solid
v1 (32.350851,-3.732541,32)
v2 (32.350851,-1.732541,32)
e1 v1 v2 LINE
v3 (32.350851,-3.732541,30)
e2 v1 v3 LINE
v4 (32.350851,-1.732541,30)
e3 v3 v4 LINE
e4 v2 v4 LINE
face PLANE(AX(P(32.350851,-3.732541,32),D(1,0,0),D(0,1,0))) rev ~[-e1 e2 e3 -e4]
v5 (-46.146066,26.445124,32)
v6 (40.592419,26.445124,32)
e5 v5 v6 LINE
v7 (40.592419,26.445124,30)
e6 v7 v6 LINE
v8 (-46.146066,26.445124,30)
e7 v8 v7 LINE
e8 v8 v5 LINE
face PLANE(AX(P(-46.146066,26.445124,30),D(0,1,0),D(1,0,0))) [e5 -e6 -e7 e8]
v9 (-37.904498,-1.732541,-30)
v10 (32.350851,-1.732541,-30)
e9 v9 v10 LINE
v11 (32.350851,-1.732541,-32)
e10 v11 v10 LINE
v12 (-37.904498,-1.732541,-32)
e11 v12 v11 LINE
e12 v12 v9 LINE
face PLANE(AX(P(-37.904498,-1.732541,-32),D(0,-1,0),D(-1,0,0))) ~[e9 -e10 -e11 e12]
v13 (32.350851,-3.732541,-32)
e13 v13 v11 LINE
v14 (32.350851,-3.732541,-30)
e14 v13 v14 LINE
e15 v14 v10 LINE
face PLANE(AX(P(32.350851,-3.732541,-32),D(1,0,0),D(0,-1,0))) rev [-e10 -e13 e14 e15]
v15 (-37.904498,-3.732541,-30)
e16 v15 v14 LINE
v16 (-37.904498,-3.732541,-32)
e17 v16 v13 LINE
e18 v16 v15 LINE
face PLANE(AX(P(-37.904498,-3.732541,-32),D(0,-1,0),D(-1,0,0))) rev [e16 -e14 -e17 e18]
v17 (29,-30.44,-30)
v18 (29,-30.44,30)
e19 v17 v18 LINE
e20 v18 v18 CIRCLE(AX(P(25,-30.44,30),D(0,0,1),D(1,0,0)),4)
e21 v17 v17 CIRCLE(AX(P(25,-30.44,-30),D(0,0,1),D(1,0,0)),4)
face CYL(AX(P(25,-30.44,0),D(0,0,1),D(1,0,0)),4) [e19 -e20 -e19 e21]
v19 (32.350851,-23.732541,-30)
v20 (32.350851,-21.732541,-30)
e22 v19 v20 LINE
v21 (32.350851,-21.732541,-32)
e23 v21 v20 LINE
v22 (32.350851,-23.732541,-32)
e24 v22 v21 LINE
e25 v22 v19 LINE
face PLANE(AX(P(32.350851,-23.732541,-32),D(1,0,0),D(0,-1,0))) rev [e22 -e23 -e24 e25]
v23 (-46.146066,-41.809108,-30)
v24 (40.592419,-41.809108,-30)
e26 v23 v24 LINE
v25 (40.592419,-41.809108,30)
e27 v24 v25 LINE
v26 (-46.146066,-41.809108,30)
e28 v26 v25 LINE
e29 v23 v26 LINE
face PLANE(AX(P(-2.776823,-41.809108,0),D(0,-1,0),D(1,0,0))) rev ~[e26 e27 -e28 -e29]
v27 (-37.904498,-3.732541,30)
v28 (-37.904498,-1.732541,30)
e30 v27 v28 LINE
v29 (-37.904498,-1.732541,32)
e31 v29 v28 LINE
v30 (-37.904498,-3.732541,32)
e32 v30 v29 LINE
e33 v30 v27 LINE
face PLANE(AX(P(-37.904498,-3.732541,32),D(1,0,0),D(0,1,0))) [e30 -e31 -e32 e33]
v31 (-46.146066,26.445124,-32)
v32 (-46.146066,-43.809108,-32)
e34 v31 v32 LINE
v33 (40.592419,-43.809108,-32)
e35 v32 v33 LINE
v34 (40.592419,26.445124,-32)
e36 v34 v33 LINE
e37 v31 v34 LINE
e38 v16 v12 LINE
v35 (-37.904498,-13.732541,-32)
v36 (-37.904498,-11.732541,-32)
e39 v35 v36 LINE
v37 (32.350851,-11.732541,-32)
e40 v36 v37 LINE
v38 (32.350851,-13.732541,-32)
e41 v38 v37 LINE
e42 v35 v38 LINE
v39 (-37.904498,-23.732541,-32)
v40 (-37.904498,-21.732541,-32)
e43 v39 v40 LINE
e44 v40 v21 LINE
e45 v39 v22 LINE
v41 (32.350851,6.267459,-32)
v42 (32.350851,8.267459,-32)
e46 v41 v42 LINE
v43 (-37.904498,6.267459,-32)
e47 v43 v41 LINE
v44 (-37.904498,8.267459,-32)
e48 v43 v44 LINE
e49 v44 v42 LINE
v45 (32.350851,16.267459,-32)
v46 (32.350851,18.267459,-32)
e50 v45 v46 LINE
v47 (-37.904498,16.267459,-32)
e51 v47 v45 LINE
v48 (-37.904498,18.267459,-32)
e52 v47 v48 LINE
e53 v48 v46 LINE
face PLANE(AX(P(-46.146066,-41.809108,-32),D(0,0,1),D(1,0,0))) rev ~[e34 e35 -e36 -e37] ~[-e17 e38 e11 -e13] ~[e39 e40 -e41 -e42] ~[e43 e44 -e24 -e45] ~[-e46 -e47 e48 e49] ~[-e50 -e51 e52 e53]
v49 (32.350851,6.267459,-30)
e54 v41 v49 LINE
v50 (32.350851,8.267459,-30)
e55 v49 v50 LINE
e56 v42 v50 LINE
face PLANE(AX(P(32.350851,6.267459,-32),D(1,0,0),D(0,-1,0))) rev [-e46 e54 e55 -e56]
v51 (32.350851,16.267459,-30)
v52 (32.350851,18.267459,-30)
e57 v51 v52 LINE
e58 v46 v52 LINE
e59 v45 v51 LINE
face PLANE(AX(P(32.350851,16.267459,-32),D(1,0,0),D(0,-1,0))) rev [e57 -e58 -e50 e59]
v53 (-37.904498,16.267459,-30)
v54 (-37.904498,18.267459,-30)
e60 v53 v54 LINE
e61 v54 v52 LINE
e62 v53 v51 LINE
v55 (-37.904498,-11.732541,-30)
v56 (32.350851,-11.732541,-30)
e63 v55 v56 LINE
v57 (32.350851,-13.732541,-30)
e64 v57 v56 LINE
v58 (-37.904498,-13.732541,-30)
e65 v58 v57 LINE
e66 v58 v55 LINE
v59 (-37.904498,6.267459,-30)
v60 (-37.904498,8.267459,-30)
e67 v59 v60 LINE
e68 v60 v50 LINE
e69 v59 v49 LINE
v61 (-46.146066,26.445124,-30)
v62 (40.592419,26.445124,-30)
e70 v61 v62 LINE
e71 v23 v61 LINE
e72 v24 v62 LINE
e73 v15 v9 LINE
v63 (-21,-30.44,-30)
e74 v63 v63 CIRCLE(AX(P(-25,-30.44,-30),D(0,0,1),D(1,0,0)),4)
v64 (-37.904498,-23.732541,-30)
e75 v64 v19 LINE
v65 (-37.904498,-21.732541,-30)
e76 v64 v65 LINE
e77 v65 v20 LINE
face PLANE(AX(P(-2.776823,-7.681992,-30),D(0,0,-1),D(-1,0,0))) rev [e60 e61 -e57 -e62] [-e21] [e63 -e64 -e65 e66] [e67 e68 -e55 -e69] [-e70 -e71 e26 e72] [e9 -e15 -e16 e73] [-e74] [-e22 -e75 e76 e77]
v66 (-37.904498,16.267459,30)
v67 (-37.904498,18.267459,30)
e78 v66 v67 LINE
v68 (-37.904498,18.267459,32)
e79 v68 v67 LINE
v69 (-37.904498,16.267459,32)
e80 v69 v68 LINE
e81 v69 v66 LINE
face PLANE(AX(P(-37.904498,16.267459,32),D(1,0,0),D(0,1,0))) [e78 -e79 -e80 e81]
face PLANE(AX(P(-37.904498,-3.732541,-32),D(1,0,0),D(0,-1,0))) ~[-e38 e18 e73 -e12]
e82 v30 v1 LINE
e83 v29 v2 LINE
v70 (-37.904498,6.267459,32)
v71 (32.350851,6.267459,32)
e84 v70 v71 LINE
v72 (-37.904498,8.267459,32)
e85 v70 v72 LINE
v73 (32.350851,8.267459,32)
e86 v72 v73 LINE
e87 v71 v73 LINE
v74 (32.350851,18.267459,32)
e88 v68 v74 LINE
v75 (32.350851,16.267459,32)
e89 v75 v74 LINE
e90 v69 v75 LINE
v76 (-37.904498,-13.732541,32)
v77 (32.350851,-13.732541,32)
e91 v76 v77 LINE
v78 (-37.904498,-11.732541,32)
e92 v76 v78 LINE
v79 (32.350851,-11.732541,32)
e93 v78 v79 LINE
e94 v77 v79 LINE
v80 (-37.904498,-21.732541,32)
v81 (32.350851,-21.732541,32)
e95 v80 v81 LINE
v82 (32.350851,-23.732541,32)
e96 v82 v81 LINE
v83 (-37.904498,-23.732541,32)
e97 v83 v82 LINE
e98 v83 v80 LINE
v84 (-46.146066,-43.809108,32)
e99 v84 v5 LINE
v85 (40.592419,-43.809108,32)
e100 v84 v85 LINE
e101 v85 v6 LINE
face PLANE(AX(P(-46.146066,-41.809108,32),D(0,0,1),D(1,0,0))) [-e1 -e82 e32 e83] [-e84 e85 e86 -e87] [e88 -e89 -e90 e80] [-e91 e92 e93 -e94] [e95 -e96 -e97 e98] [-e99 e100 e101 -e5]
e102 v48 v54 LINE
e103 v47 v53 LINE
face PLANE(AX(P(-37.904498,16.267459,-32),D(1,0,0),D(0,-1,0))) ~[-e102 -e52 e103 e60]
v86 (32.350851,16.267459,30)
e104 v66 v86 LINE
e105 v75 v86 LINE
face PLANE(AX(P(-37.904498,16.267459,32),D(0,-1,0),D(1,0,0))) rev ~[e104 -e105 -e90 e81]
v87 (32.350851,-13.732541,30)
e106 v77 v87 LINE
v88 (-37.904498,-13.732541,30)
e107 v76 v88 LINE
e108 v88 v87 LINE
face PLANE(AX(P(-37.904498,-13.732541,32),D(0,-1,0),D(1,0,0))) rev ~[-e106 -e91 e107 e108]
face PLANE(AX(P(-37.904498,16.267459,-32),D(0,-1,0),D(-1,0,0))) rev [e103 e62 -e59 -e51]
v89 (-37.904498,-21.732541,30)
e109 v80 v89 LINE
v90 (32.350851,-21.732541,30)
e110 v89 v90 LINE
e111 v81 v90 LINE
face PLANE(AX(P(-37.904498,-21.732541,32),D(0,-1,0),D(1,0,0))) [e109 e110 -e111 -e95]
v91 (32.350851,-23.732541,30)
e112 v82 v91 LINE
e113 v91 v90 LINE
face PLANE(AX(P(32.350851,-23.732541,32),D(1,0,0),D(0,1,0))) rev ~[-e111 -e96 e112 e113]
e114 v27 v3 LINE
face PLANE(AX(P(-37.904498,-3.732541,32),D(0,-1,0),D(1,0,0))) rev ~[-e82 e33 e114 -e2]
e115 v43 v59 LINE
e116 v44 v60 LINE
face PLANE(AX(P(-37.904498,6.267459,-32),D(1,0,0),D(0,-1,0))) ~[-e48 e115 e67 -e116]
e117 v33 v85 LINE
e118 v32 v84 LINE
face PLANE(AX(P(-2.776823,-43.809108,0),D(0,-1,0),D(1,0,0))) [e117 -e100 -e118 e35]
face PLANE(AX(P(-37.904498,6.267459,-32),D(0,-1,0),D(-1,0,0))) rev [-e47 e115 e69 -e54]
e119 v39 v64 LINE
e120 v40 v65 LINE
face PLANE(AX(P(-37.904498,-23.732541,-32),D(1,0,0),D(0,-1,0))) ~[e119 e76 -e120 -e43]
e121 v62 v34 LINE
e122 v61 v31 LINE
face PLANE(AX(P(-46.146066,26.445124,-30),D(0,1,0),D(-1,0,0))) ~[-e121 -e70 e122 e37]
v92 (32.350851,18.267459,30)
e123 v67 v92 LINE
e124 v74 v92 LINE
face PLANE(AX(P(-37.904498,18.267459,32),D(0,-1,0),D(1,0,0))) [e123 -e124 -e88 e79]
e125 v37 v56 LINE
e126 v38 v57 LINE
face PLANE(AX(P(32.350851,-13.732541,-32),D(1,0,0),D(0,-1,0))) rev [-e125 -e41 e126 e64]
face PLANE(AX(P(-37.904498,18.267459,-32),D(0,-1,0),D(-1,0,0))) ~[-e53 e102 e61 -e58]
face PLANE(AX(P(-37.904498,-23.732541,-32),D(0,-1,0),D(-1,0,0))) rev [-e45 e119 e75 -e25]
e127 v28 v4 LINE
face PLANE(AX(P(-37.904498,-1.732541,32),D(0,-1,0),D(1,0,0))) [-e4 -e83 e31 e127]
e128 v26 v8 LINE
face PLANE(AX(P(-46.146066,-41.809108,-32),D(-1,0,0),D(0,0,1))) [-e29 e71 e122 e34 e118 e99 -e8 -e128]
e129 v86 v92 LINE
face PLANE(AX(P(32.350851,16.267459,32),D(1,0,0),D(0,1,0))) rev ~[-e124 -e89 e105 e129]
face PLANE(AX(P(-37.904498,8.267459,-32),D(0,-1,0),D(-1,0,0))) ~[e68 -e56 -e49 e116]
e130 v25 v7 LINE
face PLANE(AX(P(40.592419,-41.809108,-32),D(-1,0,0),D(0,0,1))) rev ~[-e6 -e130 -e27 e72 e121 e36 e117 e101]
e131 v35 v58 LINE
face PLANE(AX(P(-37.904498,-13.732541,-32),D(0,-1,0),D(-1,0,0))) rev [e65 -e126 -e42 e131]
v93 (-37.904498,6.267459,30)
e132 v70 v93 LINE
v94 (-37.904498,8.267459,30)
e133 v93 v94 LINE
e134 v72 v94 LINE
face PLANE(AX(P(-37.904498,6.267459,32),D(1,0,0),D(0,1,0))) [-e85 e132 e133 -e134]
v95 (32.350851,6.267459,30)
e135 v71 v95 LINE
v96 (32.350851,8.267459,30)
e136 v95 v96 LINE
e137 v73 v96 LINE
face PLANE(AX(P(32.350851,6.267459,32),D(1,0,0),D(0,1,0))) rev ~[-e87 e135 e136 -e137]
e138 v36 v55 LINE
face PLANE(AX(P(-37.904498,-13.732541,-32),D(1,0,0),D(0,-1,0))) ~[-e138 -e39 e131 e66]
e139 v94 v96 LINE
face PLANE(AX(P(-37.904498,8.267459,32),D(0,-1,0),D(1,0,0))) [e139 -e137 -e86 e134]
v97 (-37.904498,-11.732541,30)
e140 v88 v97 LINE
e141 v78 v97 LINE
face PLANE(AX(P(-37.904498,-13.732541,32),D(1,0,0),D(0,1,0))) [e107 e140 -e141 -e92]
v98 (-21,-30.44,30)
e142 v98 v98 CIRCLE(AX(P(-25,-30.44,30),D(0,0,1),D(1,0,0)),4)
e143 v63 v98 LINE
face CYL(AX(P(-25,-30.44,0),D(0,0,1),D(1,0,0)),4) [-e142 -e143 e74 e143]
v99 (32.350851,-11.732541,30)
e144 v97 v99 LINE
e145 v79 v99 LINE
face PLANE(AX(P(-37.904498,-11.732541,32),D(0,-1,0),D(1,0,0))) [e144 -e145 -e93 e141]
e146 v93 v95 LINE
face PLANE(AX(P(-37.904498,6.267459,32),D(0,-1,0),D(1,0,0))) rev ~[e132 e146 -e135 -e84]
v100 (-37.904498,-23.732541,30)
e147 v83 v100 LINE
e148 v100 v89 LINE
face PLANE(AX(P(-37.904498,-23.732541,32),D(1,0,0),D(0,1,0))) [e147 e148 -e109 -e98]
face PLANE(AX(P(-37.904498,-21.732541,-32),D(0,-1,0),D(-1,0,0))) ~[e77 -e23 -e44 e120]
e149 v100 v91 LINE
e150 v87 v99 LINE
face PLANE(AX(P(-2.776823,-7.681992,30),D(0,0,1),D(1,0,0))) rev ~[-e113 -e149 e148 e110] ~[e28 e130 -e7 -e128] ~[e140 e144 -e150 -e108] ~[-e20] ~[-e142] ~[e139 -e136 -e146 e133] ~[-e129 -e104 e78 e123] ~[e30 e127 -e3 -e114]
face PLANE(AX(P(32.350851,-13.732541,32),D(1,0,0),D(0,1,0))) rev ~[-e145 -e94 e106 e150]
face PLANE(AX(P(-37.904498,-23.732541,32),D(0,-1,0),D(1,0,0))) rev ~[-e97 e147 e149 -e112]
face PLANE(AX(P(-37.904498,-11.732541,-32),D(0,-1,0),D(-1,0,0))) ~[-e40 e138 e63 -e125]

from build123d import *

# Parameters (mm, degrees)
SKETCH1_R               = 4
BOSS_EXTRUDE1_DEPTH     = 30
BOSS_EXTRUDE1_2_DEPTH   = 30
SKETCH2_W               = 86.738485283
SKETCH2_H               = 68.254231625
BOSS_EXTRUDE2_DEPTH     = 2
SKETCH4_W               = 70.255349131
SKETCH4_H               = 2
CUT_EXTRUDE_THIN1_DEPTH = 2
SKETCH3_W               = 86.738485283
SKETCH3_H               = 64
BOSS_EXTRUDE3_DEPTH     = 2


with BuildPart() as part:
    # Sketch1 → Boss-Extrude1 (new body, symmetric)
    with BuildSketch(Plane.XY):
        with Locations((-25, -30.44)):
            Circle(SKETCH1_R)
    extrude(amount=BOSS_EXTRUDE1_DEPTH, both=True)



with BuildPart() as body_2:
    # Sketch1 → Boss-Extrude1 2 (new body, symmetric)
    with BuildSketch(Plane.XY):
        with Locations((25, -30.44)):
            Circle(SKETCH1_R)
    extrude(amount=BOSS_EXTRUDE1_2_DEPTH, both=True)


with BuildPart() as part_1:
    add(part.part)

    add(body_2.part)  # Boss-Extrude2 merges body 2
    # Sketch2 → Boss-Extrude2 (add)
    with BuildSketch(Plane.XY.offset(30)):
        with Locations((-2.776823357, -7.681992187)):
            Rectangle(SKETCH2_W, SKETCH2_H)
    boss_extrude2 = extrude(amount=BOSS_EXTRUDE2_DEPTH)

    # Sketch4 → Cut-Extrude-Thin1 (cut)
    with BuildSketch(Plane.XY.offset(32)):
        with Locations((-2.776823357, 17.267458724)):
            Rectangle(SKETCH4_W, SKETCH4_H)
        with Locations((-2.776823357, 7.267458724)):
            Rectangle(SKETCH4_W, SKETCH4_H)
        with Locations((-2.776823357, -2.732541276)):
            Rectangle(SKETCH4_W, SKETCH4_H)
        with Locations((-2.776823357, -12.732541276)):
            Rectangle(SKETCH4_W, SKETCH4_H)
        with Locations((-2.776823357, -22.732541276)):
            Rectangle(SKETCH4_W, SKETCH4_H)
    cut_extrude_thin1 = extrude(amount=-CUT_EXTRUDE_THIN1_DEPTH, mode=Mode.SUBTRACT)

    # Mirror1: Boss-Extrude2, Cut-Extrude-Thin1 across plane
    add(boss_extrude2.mirror(Plane.XY))
    add(cut_extrude_thin1.mirror(Plane.XY), mode=Mode.SUBTRACT)

    # Sketch3 → Boss-Extrude3 (add)
    with BuildSketch(Plane.XZ.offset(41.809107999)):
        with Locations((-2.776823357, 0)):
            Rectangle(SKETCH3_W, SKETCH3_H)
    extrude(amount=BOSS_EXTRUDE3_DEPTH)


solid = part_1.part
